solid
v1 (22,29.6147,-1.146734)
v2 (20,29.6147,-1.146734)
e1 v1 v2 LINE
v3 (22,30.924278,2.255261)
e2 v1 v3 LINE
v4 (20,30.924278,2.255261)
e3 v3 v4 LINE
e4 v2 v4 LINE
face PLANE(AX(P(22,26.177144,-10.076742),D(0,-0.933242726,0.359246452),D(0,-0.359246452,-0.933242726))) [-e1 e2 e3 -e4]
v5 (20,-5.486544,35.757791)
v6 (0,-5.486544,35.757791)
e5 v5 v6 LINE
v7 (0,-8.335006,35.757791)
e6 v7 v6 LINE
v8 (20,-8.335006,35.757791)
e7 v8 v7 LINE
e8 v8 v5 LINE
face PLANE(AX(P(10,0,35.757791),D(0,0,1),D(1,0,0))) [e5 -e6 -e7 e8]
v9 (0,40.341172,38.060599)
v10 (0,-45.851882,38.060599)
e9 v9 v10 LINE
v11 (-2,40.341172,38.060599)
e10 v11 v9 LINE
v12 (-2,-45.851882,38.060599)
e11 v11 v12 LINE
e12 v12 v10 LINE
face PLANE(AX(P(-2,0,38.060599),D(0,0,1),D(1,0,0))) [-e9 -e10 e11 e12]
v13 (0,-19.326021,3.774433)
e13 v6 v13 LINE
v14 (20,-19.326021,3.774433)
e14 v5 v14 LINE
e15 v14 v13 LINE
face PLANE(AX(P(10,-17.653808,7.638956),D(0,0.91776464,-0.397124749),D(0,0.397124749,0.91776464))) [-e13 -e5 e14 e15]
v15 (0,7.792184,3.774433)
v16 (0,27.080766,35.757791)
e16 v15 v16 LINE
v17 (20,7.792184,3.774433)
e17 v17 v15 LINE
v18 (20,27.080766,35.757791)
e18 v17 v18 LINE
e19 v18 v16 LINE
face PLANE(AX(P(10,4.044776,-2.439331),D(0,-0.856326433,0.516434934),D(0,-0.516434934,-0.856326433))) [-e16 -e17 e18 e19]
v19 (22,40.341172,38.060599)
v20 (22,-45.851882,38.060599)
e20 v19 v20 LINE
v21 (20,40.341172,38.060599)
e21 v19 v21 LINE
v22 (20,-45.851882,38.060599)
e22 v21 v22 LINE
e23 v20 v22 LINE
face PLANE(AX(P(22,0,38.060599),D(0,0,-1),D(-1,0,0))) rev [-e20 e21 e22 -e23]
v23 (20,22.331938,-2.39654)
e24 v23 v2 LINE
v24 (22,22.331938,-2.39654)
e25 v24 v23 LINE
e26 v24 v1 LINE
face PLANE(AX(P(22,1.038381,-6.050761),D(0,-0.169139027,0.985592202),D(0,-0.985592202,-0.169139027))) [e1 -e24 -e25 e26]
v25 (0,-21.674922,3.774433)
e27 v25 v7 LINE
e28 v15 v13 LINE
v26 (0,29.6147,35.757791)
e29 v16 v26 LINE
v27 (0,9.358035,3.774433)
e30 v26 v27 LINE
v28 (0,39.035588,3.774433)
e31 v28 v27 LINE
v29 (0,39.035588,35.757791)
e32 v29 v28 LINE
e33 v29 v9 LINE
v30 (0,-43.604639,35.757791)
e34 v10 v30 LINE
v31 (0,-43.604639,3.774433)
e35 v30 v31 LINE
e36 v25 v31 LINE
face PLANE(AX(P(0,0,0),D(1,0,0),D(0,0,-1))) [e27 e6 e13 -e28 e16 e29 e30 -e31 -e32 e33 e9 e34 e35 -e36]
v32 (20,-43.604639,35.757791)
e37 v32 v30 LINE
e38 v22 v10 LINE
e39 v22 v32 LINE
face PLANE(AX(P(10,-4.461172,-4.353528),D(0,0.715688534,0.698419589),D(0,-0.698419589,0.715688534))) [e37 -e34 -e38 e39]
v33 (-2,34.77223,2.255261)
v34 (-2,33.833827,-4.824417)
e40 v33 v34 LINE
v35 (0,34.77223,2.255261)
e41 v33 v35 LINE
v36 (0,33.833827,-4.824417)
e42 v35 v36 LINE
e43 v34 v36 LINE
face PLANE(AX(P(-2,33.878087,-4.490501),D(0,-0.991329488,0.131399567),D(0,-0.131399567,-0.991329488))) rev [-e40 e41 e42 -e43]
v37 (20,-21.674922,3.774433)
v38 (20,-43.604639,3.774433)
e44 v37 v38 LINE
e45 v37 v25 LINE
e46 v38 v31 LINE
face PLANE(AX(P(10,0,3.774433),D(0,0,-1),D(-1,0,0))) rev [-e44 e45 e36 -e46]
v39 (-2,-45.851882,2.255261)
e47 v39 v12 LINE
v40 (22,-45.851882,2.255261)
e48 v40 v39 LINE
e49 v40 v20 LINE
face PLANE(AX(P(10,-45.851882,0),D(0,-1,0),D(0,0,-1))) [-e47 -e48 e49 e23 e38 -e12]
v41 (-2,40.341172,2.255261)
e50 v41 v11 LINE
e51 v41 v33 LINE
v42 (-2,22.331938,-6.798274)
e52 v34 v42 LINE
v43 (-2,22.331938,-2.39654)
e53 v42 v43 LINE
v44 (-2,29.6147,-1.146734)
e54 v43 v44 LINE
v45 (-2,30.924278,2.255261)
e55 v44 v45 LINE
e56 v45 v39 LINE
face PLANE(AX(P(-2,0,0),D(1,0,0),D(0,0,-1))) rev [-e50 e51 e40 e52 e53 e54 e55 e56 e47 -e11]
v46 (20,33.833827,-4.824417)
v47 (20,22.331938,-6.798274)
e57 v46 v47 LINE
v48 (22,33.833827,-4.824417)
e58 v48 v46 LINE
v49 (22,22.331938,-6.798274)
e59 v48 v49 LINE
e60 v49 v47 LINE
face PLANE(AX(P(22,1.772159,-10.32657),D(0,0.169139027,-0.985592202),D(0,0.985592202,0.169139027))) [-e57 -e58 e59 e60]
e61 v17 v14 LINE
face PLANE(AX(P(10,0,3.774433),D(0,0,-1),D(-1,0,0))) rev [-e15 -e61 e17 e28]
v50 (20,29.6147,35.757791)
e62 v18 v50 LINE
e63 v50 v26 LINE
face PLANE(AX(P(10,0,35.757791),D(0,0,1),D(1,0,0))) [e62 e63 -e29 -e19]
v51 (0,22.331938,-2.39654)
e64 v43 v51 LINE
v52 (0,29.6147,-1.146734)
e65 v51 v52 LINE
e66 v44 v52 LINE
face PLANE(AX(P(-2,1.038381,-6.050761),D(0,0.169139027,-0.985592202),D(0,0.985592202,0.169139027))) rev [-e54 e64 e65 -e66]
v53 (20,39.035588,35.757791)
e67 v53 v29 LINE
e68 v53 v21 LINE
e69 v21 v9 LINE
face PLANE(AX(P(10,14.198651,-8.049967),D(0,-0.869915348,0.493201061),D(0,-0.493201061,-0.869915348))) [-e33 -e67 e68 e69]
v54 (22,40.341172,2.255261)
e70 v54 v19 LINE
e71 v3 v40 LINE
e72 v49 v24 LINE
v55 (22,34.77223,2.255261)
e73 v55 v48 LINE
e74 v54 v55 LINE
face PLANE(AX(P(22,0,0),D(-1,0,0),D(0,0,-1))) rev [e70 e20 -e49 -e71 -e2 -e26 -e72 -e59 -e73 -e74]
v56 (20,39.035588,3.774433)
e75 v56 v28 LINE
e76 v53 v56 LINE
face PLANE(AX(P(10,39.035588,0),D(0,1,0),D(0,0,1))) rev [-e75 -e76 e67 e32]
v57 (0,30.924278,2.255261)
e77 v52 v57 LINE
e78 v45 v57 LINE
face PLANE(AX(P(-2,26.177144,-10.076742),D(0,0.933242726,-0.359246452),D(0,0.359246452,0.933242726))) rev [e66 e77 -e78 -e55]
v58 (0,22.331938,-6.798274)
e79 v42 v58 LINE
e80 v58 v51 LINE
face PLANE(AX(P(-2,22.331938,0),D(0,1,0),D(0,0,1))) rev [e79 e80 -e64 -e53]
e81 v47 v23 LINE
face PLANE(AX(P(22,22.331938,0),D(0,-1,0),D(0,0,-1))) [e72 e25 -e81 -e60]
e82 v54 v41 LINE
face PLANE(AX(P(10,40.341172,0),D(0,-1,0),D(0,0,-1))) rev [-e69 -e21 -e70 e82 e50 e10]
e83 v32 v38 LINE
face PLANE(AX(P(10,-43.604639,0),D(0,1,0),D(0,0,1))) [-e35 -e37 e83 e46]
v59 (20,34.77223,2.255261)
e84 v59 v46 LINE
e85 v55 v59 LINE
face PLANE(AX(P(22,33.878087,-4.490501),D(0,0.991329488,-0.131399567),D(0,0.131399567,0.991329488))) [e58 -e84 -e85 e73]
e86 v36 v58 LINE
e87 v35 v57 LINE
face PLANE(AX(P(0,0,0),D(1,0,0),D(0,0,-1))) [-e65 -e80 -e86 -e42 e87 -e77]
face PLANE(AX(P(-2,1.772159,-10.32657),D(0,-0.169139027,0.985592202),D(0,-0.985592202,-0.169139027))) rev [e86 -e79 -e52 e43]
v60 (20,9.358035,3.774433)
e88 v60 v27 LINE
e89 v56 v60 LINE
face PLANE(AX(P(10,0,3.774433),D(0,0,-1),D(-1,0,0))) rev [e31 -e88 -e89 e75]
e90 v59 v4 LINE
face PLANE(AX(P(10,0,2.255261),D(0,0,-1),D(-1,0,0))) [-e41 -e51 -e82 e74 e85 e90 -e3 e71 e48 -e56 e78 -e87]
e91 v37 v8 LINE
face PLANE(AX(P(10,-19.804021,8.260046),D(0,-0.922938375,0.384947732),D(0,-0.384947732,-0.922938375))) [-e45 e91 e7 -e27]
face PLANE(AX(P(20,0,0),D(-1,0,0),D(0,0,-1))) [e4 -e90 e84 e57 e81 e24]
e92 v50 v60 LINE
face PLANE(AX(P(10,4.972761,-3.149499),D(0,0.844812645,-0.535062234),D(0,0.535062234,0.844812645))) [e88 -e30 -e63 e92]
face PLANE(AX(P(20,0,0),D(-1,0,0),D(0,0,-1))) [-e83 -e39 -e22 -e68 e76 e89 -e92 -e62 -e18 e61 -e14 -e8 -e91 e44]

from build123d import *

# Parameters (mm, degrees)
BOSS_EXTRUDE1_DEPTH = 10
BOSS_EXTRUDE2_DEPTH = 2


with BuildPart() as part:
    # Sketch1 → Boss-Extrude1 (new body)
    with BuildSketch(Plane(origin=(0, 0, 0), x_dir=(0, 0, -1), z_dir=(1, 0, 0))):
        Polygon((-3.774433469, 9.358035215), (-35.757790758, 29.614700037), (-35.757790758, 27.080766413), (-3.774433469, 7.792183966), (-3.774433469, -19.326020697), (-35.757790758, -5.486543586), (-35.757790758, -8.33500588), (-3.774433469, -21.674922387), (-3.774433469, -43.604639285), (-35.757790758, -43.604639285), (-38.060598591, -45.851882357), (-2.255261006, -45.851882357), (-2.255261006, 40.341171907), (-38.060598591, 40.341171907), (-35.757790758, 39.035588244), (-3.774433469, 39.035588244), align=None)
    boss_extrude1 = extrude(amount=BOSS_EXTRUDE1_DEPTH)

    # Sketch1<4> → Boss-Extrude2 (add)
    with BuildSketch(Plane(origin=(0, 0, 0), x_dir=(0, 0, -1), z_dir=(1, 0, 0))):
        Polygon((-38.060598591, 40.341171907), (-38.060598591, -45.851882357), (-2.255261006, -45.851882357), (-2.255261006, 30.924278392), (1.146733549, 29.614700037), (2.396539842, 22.331937706), (6.798273933, 22.331937706), (4.824416605, 33.833827141), (-2.255261006, 34.77223015), (-2.255261006, 40.341171907), align=None)
    boss_extrude2 = extrude(amount=-BOSS_EXTRUDE2_DEPTH)

    # Mirror1: Boss-Extrude1, Boss-Extrude2 across plane
    add(boss_extrude1.mirror(Plane(origin=(10, 0, 0), x_dir=(0, 0, 1), z_dir=(1, 0, 0))))
    add(boss_extrude2.mirror(Plane(origin=(10, 0, 0), x_dir=(0, 0, 1), z_dir=(1, 0, 0))))


solid = part.part
